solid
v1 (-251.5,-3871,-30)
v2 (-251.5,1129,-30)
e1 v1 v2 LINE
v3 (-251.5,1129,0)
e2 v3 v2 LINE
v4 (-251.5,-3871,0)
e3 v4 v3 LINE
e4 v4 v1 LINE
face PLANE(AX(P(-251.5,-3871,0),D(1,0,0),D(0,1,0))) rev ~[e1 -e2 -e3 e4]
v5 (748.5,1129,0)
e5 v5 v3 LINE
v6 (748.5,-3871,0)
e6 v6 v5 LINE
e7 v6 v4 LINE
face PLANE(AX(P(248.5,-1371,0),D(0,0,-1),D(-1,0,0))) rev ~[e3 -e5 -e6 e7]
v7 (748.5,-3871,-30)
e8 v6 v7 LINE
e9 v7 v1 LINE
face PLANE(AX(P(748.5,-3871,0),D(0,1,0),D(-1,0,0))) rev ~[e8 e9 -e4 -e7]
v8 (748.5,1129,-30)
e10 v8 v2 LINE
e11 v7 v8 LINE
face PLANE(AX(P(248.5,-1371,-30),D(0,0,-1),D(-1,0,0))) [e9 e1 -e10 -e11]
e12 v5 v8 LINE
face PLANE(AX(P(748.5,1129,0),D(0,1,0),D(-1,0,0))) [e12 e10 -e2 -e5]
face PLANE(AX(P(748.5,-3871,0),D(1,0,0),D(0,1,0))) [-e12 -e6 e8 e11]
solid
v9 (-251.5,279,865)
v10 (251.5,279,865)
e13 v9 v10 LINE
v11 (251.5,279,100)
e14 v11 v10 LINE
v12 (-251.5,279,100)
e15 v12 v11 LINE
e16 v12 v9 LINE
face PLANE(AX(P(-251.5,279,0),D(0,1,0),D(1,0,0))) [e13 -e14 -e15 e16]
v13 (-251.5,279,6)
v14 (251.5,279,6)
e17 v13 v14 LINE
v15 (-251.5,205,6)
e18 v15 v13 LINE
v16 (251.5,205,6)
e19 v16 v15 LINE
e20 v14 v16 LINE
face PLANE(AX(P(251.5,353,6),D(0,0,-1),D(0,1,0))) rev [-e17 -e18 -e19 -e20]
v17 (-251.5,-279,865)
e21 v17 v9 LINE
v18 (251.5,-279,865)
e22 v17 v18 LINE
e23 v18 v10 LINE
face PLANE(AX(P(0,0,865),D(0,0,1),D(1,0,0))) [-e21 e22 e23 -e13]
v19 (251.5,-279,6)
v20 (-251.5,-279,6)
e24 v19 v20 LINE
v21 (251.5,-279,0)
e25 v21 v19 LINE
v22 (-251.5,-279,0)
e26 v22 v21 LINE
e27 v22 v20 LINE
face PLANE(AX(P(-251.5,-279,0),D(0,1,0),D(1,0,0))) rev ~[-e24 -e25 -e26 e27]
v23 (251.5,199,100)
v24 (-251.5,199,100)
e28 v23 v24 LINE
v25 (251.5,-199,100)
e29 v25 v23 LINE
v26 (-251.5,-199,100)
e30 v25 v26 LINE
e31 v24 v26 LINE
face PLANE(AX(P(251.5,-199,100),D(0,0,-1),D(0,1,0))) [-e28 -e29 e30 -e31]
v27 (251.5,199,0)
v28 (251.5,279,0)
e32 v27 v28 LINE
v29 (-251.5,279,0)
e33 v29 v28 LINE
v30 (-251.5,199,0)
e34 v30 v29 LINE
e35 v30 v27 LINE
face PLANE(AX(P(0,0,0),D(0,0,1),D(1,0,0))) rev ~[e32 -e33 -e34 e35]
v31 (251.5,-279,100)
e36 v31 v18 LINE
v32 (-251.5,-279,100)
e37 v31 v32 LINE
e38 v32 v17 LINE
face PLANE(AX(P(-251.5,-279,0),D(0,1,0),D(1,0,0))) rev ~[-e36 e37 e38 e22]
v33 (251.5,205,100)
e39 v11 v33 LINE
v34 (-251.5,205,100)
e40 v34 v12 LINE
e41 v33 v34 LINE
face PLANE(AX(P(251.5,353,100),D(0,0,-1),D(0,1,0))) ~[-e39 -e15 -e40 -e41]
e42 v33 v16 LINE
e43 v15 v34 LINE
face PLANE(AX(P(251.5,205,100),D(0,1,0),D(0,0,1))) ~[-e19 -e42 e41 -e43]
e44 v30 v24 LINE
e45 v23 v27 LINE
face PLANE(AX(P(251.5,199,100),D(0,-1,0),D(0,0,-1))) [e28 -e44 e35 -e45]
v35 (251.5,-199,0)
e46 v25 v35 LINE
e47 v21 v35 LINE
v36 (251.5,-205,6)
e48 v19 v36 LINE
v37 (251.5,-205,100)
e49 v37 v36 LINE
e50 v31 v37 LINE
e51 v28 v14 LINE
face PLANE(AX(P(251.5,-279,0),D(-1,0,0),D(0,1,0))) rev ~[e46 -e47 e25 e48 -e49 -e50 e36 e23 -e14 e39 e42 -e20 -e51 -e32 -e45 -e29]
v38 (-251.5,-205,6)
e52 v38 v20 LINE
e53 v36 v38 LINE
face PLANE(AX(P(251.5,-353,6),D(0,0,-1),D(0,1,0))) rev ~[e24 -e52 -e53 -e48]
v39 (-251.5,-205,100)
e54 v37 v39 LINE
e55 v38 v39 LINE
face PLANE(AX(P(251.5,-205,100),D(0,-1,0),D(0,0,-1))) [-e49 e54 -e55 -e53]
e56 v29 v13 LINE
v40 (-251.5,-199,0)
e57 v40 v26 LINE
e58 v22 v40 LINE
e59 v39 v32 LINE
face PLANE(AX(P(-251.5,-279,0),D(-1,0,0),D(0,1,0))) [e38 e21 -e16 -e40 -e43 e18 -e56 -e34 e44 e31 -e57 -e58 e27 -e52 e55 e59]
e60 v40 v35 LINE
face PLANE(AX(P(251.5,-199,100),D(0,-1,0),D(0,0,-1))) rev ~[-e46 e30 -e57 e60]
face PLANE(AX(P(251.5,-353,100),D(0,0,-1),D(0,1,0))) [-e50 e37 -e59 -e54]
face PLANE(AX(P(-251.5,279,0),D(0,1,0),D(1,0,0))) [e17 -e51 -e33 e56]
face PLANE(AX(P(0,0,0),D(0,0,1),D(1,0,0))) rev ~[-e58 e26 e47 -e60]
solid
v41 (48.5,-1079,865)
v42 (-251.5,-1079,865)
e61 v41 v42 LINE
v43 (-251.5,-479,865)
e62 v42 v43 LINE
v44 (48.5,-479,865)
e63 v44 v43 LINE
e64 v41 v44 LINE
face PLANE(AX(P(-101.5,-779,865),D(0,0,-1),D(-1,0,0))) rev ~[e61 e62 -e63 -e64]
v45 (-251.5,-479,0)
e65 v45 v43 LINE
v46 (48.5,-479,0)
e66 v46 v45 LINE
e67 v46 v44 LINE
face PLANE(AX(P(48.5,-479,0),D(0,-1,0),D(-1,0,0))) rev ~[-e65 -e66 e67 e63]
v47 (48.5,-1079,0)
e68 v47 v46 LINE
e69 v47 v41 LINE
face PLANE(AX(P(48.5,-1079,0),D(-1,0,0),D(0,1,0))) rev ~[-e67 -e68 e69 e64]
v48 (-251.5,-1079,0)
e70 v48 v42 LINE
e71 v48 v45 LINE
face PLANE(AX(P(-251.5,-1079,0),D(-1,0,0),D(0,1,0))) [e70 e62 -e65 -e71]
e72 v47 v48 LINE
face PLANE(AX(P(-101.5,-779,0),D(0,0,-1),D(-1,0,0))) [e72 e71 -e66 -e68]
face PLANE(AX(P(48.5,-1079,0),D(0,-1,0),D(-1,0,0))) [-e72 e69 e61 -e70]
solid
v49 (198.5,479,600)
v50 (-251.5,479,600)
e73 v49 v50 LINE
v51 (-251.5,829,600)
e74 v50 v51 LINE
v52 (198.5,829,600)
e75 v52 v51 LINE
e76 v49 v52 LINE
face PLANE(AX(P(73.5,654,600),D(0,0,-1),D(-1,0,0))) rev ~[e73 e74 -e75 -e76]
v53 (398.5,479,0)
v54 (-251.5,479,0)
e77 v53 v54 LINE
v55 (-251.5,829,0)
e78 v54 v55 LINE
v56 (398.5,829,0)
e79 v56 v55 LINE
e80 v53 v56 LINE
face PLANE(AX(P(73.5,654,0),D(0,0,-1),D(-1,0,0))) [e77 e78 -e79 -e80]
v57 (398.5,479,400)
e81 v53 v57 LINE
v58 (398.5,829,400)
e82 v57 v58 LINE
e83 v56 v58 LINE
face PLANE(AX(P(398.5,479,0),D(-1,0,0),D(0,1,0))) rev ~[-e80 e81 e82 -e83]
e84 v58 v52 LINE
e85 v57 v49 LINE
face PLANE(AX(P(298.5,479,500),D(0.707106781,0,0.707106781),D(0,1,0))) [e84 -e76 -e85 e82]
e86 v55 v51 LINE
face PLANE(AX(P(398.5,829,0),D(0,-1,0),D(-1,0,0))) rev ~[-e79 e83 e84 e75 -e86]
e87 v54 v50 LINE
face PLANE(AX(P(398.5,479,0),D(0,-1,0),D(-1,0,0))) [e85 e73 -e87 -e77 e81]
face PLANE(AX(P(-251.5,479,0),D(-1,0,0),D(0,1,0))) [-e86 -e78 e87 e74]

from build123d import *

# Parameters (mm, degrees)
SKETCH_1_W          = 503
SKETCH_1_H          = 558
EXTRUDE_1_DEPTH     = 865
SKETCH_2_W          = 200
SKETCH_2_H          = 398
CUT_EXTRUDE_1_DEPTH = 1039.785348376
SKETCH_3_W          = 94
SKETCH_3_H          = 148
CUT_EXTRUDE_2_DEPTH = 1039.785348376
SKETCH_4_W          = 300
SKETCH_4_H          = 600
EXTRUDE_2_DEPTH     = 865
SKETCH_5_W          = 650
SKETCH_5_H          = 350
EXTRUDE_3_DEPTH     = 600
CHAMFER_1_SIZE      = 200
SKETCH_6_W          = 1000
SKETCH_6_H          = 5000
EXTRUDE_4_DEPTH     = 30


with BuildPart() as part:
    # 草图1 → 凸台-拉伸1 (new body)
    with BuildSketch(Plane.XY):
        Rectangle(SKETCH_1_W, SKETCH_1_H)
    extrude(amount=EXTRUDE_1_DEPTH)

    # 草图2 → 切除-拉伸1 (cut, through all)
    with BuildSketch(Plane(origin=(251.5, 0, 0), x_dir=(0, 0, -1), z_dir=(1, 0, 0))):
        Rectangle(SKETCH_2_W, SKETCH_2_H)
    extrude(amount=-CUT_EXTRUDE_1_DEPTH, mode=Mode.SUBTRACT)

    # 草图3 → 切除-拉伸2 (cut, through all)
    with BuildSketch(Plane(origin=(251.5, 0, 0), x_dir=(0, 0, -1), z_dir=(1, 0, 0))):
        with Locations((-53, -279)):
            Rectangle(SKETCH_3_W, SKETCH_3_H)
    cut_extrude_2 = extrude(amount=-CUT_EXTRUDE_2_DEPTH, mode=Mode.SUBTRACT)

    # 镜向1: 切除-拉伸2 across plane
    add(cut_extrude_2.mirror(Plane.ZX), mode=Mode.SUBTRACT)


with BuildPart() as body_2:
    # 草图4 → 凸台-拉伸2 (new body)
    with BuildSketch(Plane(origin=(0, 0, 0), x_dir=(-1, 0, 0), z_dir=(0, 0, -1))):
        with Locations((101.5, -779)):
            Rectangle(SKETCH_4_W, SKETCH_4_H)
    extrude(amount=-EXTRUDE_2_DEPTH)


with BuildPart() as body_3:
    # 草图5 → 凸台-拉伸3 (new body)
    with BuildSketch(Plane(origin=(0, 0, 0), x_dir=(-1, 0, 0), z_dir=(0, 0, -1))):
        with Locations((-73.5, 654)):
            Rectangle(SKETCH_5_W, SKETCH_5_H)
    extrude(amount=-EXTRUDE_3_DEPTH)

    # 倒角1
    chamfer_1_edges = [body_3.edges().sort_by_distance(p)[0] for p in [
        (398.5, 654, 600),
    ]]
    chamfer(chamfer_1_edges, length=CHAMFER_1_SIZE)


with BuildPart() as body_4:
    # 草图6 → 凸台-拉伸4 (new body)
    with BuildSketch(Plane(origin=(0, 0, 0), x_dir=(-1, 0, 0), z_dir=(0, 0, -1))):
        with Locations((-248.5, -1371)):
            Rectangle(SKETCH_6_W, SKETCH_6_H)
    extrude(amount=EXTRUDE_4_DEPTH)


solid = Compound([part.part, body_2.part, body_3.part, body_4.part])
